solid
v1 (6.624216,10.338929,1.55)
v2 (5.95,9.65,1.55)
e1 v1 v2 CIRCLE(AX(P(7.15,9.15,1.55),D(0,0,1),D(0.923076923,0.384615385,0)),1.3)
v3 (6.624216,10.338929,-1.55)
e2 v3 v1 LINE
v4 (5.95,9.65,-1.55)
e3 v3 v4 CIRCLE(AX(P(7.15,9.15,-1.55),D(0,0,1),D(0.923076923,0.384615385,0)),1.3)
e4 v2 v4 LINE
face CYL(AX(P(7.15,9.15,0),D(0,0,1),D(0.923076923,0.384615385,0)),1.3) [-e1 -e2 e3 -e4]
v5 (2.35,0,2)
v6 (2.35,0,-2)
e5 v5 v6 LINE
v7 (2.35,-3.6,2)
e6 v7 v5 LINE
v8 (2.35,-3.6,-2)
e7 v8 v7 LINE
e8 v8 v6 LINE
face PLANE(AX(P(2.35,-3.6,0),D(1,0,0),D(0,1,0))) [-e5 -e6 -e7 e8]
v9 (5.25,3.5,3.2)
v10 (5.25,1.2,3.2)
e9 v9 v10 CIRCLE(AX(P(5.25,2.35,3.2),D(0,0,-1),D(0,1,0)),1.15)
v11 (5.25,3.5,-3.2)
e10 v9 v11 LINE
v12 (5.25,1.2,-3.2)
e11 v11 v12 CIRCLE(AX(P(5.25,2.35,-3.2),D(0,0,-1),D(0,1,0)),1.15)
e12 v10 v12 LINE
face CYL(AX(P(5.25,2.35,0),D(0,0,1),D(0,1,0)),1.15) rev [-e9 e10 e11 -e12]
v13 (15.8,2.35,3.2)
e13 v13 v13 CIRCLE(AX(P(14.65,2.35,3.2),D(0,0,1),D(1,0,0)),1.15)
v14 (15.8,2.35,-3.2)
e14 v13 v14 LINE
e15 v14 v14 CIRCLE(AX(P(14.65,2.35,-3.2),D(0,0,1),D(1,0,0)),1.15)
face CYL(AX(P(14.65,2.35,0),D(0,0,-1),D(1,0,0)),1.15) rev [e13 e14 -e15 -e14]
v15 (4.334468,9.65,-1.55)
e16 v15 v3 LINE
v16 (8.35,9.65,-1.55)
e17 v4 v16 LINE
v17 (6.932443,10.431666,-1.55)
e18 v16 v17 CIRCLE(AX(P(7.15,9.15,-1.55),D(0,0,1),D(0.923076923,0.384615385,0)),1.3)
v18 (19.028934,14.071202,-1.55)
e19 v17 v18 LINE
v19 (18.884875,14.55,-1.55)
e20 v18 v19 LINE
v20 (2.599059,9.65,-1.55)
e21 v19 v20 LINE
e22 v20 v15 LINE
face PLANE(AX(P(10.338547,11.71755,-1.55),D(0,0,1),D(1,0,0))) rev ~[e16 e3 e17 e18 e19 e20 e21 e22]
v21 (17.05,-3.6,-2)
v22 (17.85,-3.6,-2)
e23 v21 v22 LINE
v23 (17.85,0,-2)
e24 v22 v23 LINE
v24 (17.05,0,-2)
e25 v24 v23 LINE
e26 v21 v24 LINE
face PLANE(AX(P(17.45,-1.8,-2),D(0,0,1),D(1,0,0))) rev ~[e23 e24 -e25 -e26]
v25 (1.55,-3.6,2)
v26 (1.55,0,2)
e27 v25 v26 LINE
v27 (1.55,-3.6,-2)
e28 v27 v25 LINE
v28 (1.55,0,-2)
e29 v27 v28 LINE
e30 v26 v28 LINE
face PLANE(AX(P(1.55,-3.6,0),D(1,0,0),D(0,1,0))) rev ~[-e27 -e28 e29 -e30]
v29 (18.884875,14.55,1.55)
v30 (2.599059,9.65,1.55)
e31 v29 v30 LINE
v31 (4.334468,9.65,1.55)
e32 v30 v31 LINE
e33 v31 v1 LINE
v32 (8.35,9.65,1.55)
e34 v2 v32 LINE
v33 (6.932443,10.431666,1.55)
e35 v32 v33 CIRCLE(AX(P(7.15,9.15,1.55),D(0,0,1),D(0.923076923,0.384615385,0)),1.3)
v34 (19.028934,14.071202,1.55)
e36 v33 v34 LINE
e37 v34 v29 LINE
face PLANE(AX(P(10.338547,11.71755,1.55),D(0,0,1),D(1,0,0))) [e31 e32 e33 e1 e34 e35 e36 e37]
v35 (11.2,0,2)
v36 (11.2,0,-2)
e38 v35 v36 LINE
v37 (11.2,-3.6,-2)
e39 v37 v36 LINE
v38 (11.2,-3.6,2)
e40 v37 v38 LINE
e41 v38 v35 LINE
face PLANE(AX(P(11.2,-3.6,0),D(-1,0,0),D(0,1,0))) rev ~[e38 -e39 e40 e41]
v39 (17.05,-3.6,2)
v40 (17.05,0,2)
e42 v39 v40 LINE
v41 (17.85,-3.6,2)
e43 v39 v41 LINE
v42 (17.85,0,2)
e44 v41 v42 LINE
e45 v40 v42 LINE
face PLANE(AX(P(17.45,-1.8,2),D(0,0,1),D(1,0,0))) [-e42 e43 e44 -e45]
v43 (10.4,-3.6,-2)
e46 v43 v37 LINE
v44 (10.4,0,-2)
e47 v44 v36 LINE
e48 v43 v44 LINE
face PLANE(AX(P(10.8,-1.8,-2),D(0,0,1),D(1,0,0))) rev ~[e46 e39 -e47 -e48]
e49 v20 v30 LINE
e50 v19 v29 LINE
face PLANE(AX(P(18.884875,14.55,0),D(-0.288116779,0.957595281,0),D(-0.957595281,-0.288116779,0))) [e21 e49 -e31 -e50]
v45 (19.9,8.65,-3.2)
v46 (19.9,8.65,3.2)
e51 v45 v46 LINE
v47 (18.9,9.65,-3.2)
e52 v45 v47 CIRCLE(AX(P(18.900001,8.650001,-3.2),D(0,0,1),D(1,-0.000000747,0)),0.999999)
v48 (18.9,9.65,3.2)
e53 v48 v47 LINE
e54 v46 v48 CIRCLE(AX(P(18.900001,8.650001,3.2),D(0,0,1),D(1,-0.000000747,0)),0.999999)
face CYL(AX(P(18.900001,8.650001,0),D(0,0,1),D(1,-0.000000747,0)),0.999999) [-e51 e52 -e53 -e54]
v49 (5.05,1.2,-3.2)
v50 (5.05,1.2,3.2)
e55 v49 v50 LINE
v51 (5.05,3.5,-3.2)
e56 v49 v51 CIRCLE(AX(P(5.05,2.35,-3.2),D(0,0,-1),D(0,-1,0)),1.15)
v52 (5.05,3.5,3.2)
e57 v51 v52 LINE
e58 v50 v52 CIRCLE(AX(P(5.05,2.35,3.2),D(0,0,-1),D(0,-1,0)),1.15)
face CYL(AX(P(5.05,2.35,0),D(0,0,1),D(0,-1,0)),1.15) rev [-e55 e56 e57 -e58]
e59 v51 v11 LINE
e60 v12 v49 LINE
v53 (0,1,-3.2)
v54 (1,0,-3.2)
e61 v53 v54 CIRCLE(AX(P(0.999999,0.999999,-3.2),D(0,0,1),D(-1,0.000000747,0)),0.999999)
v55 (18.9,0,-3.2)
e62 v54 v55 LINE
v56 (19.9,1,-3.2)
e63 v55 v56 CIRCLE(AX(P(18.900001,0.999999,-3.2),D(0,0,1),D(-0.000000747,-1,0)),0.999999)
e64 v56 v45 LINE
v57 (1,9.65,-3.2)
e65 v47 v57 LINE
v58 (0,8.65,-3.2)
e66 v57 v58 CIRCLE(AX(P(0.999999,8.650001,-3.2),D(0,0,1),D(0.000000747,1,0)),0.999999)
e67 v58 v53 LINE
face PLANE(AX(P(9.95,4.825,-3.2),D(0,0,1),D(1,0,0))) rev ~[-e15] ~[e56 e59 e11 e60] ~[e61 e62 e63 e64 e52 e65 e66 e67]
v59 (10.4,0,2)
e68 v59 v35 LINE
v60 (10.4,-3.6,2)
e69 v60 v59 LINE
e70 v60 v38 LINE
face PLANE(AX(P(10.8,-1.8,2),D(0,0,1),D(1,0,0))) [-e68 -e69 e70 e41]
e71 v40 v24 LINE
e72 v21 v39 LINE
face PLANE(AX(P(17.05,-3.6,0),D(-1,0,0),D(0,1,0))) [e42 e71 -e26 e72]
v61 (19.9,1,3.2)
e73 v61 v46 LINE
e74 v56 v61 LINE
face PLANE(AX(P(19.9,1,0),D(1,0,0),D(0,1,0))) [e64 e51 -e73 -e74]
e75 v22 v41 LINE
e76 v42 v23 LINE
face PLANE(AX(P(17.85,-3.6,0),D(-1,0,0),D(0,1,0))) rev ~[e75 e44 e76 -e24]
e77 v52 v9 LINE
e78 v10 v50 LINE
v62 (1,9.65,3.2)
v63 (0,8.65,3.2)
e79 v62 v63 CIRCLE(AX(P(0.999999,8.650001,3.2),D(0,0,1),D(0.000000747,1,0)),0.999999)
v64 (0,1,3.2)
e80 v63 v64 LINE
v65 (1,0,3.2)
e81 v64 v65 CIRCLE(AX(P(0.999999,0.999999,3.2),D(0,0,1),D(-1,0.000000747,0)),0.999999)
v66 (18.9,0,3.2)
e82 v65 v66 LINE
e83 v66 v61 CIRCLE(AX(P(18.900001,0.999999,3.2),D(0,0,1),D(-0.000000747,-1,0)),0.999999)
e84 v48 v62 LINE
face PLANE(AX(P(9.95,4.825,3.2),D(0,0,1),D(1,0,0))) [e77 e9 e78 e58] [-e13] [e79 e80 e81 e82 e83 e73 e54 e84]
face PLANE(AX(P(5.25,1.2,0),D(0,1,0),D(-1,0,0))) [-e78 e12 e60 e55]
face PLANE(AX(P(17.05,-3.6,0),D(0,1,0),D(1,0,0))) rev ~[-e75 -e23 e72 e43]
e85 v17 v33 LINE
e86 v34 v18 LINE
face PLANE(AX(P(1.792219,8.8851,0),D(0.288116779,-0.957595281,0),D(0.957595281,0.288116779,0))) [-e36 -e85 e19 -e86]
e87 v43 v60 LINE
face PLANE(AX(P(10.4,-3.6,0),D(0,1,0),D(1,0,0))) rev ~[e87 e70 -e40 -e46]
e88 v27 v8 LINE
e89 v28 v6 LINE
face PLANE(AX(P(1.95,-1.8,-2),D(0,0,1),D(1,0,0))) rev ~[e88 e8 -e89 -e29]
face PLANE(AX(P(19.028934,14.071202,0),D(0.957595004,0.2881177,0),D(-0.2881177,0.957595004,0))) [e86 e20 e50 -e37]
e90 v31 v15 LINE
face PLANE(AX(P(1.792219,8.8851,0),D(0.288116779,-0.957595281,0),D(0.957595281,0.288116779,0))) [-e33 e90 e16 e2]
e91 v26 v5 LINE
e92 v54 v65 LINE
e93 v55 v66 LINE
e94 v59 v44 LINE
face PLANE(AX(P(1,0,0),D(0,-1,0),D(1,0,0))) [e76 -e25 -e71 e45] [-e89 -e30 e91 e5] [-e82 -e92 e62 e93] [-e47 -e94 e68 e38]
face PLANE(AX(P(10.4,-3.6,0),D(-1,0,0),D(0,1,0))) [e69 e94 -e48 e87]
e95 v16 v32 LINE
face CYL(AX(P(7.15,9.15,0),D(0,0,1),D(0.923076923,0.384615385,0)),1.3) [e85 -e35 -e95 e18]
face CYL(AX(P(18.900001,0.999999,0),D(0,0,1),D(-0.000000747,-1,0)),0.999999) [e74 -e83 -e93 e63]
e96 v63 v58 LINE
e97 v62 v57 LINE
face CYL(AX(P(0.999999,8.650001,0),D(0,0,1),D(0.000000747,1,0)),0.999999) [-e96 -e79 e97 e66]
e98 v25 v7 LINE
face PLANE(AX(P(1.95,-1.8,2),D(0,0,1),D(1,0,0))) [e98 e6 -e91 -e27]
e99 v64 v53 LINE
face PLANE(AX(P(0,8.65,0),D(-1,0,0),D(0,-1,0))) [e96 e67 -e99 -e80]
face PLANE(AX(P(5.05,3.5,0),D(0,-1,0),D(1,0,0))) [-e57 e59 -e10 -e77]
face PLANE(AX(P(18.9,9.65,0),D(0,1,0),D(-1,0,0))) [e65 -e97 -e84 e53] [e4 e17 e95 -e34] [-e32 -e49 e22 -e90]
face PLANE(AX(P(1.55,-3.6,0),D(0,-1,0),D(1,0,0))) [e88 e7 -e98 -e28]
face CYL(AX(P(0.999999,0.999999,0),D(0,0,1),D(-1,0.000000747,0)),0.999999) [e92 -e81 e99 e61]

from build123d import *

# Parameters (mm, degrees)
F0_R     = 1.15
F1_DEPTH = 3.2
F3_DEPTH = 1.55
F4_W     = 0.8
F4_H     = 3.6
F5_DEPTH = 2
F7_DEPTH = 1.55


with BuildPart() as f1:
    # F0 (on Top) → F1 (new body, symmetric)
    with BuildSketch(Plane.XY):
        with BuildLine():
            ThreePointArc((0, 1), (0.292893, 0.292893), (1, 0))
            Line((1, 0), (18.9, 0))
            ThreePointArc((18.9, 0), (19.607107, 0.292893), (19.9, 1))
            Line((19.9, 1), (19.9, 8.65))
            ThreePointArc((19.9, 8.65), (19.607107, 9.357107), (18.9, 9.65))
            Line((18.9, 9.65), (1, 9.65))
            ThreePointArc((1, 9.65), (0.292893, 9.357107), (0, 8.65))
            Line((0, 8.65), (0, 1))
        make_face()
        with BuildLine():
            ThreePointArc((5.05, 1.2), (3.9, 2.35), (5.05, 3.5))
            Line((5.05, 3.5), (5.25, 3.5))
            ThreePointArc((5.25, 3.5), (6.4, 2.35), (5.25, 1.2))
            Line((5.25, 1.2), (5.05, 1.2))
        make_face(mode=Mode.SUBTRACT)
        with Locations((14.65, 2.35)):
            Circle(F0_R, mode=Mode.SUBTRACT)
    extrude(amount=F1_DEPTH, both=True)

    # F2 (on Top) → F3 (join, symmetric)
    with BuildSketch(Plane.XY):
        with BuildLine():
            Line((5.95, 9.65), (8.35, 9.65))
            ThreePointArc((8.35, 9.65), (7.15, 10.45), (5.95, 9.65))
        make_face()
    extrude(amount=F3_DEPTH, both=True)

    # F4 (on Top) → F5 (join, symmetric)
    with BuildSketch(Plane.XY):
        with Locations((17.45, -1.8)):
            Rectangle(F4_W, F4_H)
        with Locations((10.8, -1.8)):
            Rectangle(F4_W, F4_H)
        with Locations((1.95, -1.8)):
            Rectangle(F4_W, F4_H)
    extrude(amount=F5_DEPTH, both=True)

    # F6 (on Top) → F7 (join, symmetric)
    with BuildSketch(Plane.XY):
        Polygon((19.028934, 14.071202), (18.884875, 14.55), (1.64816, 9.363898), (1.792219, 8.8851), align=None)
    extrude(amount=F7_DEPTH, both=True)


solid = f1.part
